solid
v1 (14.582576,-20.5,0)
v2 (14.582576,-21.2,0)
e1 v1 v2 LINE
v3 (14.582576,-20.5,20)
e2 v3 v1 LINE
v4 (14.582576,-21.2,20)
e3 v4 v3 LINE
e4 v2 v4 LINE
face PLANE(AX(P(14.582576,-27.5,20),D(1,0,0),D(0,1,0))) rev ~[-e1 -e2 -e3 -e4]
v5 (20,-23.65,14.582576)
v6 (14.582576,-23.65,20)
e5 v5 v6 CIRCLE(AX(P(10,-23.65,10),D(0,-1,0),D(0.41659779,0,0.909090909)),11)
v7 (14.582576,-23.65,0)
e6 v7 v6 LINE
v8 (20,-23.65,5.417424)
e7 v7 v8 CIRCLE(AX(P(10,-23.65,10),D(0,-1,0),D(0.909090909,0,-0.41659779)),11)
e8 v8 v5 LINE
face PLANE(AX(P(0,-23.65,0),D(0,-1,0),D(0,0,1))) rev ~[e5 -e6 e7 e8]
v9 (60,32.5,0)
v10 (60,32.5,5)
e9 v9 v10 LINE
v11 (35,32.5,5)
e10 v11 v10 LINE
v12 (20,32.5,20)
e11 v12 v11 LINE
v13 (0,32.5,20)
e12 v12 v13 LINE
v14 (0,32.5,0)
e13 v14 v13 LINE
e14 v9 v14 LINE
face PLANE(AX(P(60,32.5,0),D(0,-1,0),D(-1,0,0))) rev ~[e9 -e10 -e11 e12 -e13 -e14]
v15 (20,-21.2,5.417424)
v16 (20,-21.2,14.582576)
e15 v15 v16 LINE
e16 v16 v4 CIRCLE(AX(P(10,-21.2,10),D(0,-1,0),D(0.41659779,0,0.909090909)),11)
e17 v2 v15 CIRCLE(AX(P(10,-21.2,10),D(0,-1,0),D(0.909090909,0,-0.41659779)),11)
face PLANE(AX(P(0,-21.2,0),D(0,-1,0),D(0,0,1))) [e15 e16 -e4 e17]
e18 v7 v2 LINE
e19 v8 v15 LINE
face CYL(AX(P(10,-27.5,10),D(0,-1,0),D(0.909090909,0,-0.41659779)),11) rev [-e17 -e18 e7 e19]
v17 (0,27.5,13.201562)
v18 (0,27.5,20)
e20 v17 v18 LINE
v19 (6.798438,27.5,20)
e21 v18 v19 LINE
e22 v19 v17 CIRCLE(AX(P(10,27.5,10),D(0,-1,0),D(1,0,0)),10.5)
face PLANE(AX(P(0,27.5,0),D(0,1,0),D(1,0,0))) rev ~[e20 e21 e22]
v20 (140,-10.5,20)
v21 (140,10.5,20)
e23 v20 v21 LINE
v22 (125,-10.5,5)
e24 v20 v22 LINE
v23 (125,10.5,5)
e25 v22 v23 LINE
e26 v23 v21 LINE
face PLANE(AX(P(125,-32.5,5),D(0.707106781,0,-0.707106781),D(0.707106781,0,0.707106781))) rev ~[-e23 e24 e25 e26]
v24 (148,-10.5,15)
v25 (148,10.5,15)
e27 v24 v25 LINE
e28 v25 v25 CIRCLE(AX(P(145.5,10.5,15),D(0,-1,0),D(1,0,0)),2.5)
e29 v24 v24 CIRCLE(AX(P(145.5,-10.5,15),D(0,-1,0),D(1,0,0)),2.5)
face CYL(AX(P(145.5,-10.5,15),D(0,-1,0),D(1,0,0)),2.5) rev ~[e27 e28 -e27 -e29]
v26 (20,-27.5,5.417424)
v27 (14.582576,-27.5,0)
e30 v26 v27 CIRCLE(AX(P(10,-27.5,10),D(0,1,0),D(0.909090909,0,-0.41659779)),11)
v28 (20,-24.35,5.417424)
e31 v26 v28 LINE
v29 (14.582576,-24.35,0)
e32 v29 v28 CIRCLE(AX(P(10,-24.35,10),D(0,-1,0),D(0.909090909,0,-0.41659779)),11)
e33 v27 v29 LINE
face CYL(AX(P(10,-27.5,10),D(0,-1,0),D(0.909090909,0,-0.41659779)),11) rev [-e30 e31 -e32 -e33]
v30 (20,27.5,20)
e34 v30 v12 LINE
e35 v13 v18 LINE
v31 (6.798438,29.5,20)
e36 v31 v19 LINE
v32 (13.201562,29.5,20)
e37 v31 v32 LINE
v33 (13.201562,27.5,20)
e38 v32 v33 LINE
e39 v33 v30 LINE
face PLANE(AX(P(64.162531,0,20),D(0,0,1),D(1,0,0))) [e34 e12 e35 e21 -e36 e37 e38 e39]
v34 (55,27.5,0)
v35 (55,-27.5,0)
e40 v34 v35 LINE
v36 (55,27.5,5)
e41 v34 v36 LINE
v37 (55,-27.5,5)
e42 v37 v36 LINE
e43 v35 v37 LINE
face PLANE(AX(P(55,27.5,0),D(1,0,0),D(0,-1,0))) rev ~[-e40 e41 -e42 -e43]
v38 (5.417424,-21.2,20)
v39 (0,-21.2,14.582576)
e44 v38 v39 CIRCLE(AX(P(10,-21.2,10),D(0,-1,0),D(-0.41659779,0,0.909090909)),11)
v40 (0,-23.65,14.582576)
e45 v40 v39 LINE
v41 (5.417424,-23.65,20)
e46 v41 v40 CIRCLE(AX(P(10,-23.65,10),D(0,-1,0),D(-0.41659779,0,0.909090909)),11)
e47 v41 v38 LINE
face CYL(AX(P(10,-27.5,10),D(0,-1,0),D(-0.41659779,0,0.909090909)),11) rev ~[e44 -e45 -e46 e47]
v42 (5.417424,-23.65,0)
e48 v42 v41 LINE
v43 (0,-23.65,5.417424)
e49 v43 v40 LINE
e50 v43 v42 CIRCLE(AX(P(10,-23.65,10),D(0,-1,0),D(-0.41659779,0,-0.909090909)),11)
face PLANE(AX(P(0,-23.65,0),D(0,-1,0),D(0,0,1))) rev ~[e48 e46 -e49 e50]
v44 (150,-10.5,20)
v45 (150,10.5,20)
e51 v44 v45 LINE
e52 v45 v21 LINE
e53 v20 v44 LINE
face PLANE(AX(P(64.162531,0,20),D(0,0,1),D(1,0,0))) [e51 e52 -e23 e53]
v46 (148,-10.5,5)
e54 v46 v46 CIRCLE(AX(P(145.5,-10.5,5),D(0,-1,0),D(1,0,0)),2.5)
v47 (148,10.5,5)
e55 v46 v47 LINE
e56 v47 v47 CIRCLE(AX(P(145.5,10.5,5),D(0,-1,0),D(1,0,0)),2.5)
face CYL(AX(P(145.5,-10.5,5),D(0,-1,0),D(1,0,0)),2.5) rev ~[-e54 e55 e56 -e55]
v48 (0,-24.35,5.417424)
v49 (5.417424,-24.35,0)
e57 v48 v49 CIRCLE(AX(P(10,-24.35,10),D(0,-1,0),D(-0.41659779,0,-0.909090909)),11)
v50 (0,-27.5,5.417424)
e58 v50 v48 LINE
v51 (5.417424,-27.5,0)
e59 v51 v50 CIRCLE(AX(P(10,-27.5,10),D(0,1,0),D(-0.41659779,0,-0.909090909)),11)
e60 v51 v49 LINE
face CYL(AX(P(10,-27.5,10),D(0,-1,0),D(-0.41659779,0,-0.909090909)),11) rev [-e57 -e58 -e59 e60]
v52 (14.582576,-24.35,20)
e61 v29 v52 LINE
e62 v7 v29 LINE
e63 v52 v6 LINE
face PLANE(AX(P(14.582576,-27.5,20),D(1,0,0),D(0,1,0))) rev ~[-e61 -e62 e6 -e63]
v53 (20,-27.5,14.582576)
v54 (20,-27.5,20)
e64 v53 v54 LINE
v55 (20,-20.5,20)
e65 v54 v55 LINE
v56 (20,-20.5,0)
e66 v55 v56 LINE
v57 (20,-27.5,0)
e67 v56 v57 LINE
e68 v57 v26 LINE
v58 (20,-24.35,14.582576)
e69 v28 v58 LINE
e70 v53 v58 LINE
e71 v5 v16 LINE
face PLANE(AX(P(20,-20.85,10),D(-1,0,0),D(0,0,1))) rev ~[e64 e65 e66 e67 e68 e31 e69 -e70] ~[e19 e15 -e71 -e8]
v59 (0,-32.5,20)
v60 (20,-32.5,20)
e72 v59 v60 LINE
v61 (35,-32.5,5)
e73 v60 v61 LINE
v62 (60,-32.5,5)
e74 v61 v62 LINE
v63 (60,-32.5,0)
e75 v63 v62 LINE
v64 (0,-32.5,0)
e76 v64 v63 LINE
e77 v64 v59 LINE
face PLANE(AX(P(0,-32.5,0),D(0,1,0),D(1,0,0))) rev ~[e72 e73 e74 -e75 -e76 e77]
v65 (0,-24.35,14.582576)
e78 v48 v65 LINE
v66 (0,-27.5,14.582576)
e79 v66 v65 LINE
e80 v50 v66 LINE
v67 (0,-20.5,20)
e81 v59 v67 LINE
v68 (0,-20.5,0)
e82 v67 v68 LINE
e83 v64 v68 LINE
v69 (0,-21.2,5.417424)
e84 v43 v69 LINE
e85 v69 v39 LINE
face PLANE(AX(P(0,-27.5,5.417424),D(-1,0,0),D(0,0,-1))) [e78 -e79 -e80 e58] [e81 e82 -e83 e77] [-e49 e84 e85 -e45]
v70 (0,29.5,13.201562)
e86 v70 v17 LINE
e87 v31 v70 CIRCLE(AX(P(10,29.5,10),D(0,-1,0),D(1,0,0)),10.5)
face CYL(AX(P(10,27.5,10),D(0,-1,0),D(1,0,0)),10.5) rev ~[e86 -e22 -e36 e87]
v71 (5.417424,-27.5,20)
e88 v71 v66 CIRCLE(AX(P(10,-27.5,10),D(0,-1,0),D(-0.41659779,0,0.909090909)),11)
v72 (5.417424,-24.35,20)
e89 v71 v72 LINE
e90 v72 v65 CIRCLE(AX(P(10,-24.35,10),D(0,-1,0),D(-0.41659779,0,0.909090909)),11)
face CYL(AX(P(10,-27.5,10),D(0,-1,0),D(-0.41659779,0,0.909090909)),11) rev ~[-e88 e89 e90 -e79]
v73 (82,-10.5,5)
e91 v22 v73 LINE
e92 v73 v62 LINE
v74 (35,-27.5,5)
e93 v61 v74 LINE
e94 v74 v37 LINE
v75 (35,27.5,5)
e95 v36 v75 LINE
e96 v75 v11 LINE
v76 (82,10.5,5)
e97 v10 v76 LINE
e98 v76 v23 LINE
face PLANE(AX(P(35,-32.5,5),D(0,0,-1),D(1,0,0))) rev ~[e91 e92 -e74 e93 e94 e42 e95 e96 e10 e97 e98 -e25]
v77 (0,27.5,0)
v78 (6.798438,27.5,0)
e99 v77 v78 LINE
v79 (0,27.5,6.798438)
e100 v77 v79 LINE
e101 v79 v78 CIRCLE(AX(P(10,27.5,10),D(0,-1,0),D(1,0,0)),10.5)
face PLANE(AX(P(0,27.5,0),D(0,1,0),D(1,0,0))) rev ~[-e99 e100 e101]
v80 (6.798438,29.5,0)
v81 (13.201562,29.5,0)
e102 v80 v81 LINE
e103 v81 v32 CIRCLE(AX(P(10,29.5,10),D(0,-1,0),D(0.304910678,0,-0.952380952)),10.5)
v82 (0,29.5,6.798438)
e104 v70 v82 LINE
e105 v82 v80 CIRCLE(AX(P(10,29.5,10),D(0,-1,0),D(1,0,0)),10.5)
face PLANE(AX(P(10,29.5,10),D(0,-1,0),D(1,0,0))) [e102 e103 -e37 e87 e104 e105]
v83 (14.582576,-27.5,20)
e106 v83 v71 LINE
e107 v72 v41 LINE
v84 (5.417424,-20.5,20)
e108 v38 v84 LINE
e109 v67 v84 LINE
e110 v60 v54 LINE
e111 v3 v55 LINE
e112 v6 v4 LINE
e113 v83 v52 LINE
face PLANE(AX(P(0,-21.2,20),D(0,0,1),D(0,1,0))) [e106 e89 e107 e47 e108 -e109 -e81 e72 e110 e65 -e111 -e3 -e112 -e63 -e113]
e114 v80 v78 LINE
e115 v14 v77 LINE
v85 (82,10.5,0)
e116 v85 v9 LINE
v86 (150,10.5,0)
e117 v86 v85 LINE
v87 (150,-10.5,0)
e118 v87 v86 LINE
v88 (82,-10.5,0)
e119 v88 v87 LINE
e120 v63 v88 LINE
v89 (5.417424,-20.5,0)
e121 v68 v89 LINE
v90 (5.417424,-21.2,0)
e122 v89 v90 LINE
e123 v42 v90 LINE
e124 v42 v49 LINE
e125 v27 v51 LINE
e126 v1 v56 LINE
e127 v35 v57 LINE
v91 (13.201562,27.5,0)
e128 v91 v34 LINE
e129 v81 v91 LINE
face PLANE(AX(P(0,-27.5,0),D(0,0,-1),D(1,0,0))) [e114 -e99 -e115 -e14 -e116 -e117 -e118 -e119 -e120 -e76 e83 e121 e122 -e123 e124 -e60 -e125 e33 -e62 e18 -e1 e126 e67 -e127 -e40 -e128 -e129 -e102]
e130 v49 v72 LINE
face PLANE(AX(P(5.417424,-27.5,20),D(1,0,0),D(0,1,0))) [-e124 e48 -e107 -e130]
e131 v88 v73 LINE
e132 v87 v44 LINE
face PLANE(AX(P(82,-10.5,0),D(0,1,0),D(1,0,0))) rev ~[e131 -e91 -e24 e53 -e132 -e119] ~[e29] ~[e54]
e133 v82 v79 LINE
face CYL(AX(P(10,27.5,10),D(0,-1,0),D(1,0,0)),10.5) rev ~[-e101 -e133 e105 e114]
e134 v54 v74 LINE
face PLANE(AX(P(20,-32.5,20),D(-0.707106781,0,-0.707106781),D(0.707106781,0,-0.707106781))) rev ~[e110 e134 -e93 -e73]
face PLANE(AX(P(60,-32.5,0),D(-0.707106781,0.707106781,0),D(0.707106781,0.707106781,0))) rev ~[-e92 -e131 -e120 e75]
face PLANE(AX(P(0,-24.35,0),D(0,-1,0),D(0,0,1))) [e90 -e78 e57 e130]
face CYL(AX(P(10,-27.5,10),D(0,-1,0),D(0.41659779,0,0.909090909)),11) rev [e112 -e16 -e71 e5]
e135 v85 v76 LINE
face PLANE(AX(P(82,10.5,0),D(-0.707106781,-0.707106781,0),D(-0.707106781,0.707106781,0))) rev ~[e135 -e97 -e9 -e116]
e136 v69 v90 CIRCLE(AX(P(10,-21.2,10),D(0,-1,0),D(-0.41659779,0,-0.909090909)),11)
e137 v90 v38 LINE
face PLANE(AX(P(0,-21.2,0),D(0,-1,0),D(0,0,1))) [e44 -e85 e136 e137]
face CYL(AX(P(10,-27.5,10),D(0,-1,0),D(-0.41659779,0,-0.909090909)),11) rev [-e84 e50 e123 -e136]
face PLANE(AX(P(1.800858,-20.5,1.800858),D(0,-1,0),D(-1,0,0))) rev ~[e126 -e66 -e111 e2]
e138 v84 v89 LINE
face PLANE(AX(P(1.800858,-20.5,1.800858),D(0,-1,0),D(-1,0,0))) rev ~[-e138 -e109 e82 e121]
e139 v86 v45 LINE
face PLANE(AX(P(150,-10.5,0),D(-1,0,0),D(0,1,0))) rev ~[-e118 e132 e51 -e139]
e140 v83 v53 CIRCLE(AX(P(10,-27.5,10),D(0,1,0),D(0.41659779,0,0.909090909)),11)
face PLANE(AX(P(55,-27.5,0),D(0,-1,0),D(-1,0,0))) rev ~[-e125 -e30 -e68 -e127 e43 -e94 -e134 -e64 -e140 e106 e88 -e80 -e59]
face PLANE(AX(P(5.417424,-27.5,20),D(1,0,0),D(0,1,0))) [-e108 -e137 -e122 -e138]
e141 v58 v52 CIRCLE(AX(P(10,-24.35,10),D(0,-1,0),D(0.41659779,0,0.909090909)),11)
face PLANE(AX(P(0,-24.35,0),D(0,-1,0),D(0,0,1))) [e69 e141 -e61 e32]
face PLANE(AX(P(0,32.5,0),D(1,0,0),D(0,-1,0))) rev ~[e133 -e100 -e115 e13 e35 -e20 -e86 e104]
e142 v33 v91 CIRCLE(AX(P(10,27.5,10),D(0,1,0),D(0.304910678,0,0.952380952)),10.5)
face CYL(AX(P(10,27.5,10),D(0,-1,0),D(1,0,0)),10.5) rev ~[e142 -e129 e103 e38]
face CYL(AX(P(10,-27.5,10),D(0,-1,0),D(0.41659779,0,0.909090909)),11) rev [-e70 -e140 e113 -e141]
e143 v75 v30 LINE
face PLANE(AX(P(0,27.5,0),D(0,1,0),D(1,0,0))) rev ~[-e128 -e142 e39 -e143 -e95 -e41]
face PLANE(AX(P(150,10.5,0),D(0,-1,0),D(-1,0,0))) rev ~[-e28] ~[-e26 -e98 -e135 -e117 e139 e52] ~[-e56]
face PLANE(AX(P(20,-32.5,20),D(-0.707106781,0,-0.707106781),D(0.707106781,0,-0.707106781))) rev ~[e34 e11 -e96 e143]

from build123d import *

# Parameters (mm, degrees)
EXTRUSION1_DEPTH        = 20
ESQUISSE3_R             = 2.5
ENL_V_MAT_EXTRU_1_DEPTH = 44
ENL_V_MAT_EXTRU_2_DEPTH = 66
ESQUISSE5_R             = 10.5
ENL_V_MAT_EXTRU_3_DEPTH = 2
EXTRUSION2_DEPTH        = 7
ESQUISSE7_W             = 20
ESQUISSE7_H             = 0.7
EXTRUSION3_DEPTH        = 20
ESQUISSE8_W             = 9.16515139
ESQUISSE8_H             = 7
ENL_V_MAT_EXTRU_4_DEPTH = 21


with BuildPart() as part:
    # Esquisse2 → Extrusion1 (new body)
    with BuildSketch(Plane.XY):
        Polygon((0, 32.5), (0, 27.5), (55, 27.5), (55, -27.5), (0, -27.5), (0, -32.5), (60, -32.5), (82, -10.5), (150, -10.5), (150, 10.5), (82, 10.5), (60, 32.5), align=None)
    extrude(amount=EXTRUSION1_DEPTH)

    # Esquisse3 → Enlèv. mat.-Extru.1 (cut, through all)
    with BuildSketch(Plane.XZ.offset(10.5)):
        with Locations((145.5, 15)):
            Circle(ESQUISSE3_R)
        with Locations((145.5, 5)):
            Circle(ESQUISSE3_R)
    extrude(amount=-ENL_V_MAT_EXTRU_1_DEPTH, mode=Mode.SUBTRACT)

    # Esquisse4 → Enlèv. mat.-Extru.2 (cut, through all)
    with BuildSketch(Plane.XZ.offset(32.5)):
        Polygon((20, 20), (35, 5), (125, 5), (140, 20), align=None)
    extrude(amount=-ENL_V_MAT_EXTRU_2_DEPTH, mode=Mode.SUBTRACT)

    # Esquisse5 → Enlèv. mat.-Extru.3 (cut)
    with BuildSketch(Plane.XZ.offset(-27.5)):
        with Locations((10, 10)):
            Circle(ESQUISSE5_R)
    extrude(amount=-ENL_V_MAT_EXTRU_3_DEPTH, mode=Mode.SUBTRACT)

    # Esquisse6 → Extrusion2 (add)
    with BuildSketch(Plane(origin=(0, -27.5, 0), x_dir=(1, 0, 0), z_dir=(0, 1, 0))):
        with BuildLine():
            Line((14.582575695, 0), (20, 0))
            Line((20, 0), (20, -5.417424305))
            ThreePointArc((20, -5.417424305), (17.778174593, -2.221825407), (14.582575695, 0))
        make_face()
        with BuildLine():
            Line((0, 0), (5.417424305, 0))
            ThreePointArc((5.417424305, 0), (2.221825407, -2.221825407), (0, -5.417424305))
            Line((0, -5.417424305), (0, 0))
        make_face()
        with BuildLine():
            Line((0, -20), (5.417424305, -20))
            ThreePointArc((5.417424305, -20), (2.221825407, -17.778174593), (0, -14.582575695))
            Line((0, -14.582575695), (0, -20))
        make_face()
        with BuildLine():
            Line((20, -14.582575695), (20, -20))
            Line((20, -20), (14.582575695, -20))
            ThreePointArc((14.582575695, -20), (17.778174593, -17.778174593), (20, -14.582575695))
        make_face()
    extrude(amount=EXTRUSION2_DEPTH)

    # Esquisse7 → Extrusion3 (add)
    with BuildSketch(Plane.ZY):
        with Locations((10, -20.85)):
            Rectangle(ESQUISSE7_W, ESQUISSE7_H)
        with Locations((10, -24)):
            Rectangle(ESQUISSE7_W, ESQUISSE7_H)
    extrude(amount=-EXTRUSION3_DEPTH)

    # Esquisse8 → Enlèv. mat.-Extru.4 (cut, through all)
    with BuildSketch(Plane.XY.offset(20)):
        with Locations((10, -24)):
            Rectangle(ESQUISSE8_W, ESQUISSE8_H)
    extrude(amount=-ENL_V_MAT_EXTRU_4_DEPTH, mode=Mode.SUBTRACT)


solid = part.part
